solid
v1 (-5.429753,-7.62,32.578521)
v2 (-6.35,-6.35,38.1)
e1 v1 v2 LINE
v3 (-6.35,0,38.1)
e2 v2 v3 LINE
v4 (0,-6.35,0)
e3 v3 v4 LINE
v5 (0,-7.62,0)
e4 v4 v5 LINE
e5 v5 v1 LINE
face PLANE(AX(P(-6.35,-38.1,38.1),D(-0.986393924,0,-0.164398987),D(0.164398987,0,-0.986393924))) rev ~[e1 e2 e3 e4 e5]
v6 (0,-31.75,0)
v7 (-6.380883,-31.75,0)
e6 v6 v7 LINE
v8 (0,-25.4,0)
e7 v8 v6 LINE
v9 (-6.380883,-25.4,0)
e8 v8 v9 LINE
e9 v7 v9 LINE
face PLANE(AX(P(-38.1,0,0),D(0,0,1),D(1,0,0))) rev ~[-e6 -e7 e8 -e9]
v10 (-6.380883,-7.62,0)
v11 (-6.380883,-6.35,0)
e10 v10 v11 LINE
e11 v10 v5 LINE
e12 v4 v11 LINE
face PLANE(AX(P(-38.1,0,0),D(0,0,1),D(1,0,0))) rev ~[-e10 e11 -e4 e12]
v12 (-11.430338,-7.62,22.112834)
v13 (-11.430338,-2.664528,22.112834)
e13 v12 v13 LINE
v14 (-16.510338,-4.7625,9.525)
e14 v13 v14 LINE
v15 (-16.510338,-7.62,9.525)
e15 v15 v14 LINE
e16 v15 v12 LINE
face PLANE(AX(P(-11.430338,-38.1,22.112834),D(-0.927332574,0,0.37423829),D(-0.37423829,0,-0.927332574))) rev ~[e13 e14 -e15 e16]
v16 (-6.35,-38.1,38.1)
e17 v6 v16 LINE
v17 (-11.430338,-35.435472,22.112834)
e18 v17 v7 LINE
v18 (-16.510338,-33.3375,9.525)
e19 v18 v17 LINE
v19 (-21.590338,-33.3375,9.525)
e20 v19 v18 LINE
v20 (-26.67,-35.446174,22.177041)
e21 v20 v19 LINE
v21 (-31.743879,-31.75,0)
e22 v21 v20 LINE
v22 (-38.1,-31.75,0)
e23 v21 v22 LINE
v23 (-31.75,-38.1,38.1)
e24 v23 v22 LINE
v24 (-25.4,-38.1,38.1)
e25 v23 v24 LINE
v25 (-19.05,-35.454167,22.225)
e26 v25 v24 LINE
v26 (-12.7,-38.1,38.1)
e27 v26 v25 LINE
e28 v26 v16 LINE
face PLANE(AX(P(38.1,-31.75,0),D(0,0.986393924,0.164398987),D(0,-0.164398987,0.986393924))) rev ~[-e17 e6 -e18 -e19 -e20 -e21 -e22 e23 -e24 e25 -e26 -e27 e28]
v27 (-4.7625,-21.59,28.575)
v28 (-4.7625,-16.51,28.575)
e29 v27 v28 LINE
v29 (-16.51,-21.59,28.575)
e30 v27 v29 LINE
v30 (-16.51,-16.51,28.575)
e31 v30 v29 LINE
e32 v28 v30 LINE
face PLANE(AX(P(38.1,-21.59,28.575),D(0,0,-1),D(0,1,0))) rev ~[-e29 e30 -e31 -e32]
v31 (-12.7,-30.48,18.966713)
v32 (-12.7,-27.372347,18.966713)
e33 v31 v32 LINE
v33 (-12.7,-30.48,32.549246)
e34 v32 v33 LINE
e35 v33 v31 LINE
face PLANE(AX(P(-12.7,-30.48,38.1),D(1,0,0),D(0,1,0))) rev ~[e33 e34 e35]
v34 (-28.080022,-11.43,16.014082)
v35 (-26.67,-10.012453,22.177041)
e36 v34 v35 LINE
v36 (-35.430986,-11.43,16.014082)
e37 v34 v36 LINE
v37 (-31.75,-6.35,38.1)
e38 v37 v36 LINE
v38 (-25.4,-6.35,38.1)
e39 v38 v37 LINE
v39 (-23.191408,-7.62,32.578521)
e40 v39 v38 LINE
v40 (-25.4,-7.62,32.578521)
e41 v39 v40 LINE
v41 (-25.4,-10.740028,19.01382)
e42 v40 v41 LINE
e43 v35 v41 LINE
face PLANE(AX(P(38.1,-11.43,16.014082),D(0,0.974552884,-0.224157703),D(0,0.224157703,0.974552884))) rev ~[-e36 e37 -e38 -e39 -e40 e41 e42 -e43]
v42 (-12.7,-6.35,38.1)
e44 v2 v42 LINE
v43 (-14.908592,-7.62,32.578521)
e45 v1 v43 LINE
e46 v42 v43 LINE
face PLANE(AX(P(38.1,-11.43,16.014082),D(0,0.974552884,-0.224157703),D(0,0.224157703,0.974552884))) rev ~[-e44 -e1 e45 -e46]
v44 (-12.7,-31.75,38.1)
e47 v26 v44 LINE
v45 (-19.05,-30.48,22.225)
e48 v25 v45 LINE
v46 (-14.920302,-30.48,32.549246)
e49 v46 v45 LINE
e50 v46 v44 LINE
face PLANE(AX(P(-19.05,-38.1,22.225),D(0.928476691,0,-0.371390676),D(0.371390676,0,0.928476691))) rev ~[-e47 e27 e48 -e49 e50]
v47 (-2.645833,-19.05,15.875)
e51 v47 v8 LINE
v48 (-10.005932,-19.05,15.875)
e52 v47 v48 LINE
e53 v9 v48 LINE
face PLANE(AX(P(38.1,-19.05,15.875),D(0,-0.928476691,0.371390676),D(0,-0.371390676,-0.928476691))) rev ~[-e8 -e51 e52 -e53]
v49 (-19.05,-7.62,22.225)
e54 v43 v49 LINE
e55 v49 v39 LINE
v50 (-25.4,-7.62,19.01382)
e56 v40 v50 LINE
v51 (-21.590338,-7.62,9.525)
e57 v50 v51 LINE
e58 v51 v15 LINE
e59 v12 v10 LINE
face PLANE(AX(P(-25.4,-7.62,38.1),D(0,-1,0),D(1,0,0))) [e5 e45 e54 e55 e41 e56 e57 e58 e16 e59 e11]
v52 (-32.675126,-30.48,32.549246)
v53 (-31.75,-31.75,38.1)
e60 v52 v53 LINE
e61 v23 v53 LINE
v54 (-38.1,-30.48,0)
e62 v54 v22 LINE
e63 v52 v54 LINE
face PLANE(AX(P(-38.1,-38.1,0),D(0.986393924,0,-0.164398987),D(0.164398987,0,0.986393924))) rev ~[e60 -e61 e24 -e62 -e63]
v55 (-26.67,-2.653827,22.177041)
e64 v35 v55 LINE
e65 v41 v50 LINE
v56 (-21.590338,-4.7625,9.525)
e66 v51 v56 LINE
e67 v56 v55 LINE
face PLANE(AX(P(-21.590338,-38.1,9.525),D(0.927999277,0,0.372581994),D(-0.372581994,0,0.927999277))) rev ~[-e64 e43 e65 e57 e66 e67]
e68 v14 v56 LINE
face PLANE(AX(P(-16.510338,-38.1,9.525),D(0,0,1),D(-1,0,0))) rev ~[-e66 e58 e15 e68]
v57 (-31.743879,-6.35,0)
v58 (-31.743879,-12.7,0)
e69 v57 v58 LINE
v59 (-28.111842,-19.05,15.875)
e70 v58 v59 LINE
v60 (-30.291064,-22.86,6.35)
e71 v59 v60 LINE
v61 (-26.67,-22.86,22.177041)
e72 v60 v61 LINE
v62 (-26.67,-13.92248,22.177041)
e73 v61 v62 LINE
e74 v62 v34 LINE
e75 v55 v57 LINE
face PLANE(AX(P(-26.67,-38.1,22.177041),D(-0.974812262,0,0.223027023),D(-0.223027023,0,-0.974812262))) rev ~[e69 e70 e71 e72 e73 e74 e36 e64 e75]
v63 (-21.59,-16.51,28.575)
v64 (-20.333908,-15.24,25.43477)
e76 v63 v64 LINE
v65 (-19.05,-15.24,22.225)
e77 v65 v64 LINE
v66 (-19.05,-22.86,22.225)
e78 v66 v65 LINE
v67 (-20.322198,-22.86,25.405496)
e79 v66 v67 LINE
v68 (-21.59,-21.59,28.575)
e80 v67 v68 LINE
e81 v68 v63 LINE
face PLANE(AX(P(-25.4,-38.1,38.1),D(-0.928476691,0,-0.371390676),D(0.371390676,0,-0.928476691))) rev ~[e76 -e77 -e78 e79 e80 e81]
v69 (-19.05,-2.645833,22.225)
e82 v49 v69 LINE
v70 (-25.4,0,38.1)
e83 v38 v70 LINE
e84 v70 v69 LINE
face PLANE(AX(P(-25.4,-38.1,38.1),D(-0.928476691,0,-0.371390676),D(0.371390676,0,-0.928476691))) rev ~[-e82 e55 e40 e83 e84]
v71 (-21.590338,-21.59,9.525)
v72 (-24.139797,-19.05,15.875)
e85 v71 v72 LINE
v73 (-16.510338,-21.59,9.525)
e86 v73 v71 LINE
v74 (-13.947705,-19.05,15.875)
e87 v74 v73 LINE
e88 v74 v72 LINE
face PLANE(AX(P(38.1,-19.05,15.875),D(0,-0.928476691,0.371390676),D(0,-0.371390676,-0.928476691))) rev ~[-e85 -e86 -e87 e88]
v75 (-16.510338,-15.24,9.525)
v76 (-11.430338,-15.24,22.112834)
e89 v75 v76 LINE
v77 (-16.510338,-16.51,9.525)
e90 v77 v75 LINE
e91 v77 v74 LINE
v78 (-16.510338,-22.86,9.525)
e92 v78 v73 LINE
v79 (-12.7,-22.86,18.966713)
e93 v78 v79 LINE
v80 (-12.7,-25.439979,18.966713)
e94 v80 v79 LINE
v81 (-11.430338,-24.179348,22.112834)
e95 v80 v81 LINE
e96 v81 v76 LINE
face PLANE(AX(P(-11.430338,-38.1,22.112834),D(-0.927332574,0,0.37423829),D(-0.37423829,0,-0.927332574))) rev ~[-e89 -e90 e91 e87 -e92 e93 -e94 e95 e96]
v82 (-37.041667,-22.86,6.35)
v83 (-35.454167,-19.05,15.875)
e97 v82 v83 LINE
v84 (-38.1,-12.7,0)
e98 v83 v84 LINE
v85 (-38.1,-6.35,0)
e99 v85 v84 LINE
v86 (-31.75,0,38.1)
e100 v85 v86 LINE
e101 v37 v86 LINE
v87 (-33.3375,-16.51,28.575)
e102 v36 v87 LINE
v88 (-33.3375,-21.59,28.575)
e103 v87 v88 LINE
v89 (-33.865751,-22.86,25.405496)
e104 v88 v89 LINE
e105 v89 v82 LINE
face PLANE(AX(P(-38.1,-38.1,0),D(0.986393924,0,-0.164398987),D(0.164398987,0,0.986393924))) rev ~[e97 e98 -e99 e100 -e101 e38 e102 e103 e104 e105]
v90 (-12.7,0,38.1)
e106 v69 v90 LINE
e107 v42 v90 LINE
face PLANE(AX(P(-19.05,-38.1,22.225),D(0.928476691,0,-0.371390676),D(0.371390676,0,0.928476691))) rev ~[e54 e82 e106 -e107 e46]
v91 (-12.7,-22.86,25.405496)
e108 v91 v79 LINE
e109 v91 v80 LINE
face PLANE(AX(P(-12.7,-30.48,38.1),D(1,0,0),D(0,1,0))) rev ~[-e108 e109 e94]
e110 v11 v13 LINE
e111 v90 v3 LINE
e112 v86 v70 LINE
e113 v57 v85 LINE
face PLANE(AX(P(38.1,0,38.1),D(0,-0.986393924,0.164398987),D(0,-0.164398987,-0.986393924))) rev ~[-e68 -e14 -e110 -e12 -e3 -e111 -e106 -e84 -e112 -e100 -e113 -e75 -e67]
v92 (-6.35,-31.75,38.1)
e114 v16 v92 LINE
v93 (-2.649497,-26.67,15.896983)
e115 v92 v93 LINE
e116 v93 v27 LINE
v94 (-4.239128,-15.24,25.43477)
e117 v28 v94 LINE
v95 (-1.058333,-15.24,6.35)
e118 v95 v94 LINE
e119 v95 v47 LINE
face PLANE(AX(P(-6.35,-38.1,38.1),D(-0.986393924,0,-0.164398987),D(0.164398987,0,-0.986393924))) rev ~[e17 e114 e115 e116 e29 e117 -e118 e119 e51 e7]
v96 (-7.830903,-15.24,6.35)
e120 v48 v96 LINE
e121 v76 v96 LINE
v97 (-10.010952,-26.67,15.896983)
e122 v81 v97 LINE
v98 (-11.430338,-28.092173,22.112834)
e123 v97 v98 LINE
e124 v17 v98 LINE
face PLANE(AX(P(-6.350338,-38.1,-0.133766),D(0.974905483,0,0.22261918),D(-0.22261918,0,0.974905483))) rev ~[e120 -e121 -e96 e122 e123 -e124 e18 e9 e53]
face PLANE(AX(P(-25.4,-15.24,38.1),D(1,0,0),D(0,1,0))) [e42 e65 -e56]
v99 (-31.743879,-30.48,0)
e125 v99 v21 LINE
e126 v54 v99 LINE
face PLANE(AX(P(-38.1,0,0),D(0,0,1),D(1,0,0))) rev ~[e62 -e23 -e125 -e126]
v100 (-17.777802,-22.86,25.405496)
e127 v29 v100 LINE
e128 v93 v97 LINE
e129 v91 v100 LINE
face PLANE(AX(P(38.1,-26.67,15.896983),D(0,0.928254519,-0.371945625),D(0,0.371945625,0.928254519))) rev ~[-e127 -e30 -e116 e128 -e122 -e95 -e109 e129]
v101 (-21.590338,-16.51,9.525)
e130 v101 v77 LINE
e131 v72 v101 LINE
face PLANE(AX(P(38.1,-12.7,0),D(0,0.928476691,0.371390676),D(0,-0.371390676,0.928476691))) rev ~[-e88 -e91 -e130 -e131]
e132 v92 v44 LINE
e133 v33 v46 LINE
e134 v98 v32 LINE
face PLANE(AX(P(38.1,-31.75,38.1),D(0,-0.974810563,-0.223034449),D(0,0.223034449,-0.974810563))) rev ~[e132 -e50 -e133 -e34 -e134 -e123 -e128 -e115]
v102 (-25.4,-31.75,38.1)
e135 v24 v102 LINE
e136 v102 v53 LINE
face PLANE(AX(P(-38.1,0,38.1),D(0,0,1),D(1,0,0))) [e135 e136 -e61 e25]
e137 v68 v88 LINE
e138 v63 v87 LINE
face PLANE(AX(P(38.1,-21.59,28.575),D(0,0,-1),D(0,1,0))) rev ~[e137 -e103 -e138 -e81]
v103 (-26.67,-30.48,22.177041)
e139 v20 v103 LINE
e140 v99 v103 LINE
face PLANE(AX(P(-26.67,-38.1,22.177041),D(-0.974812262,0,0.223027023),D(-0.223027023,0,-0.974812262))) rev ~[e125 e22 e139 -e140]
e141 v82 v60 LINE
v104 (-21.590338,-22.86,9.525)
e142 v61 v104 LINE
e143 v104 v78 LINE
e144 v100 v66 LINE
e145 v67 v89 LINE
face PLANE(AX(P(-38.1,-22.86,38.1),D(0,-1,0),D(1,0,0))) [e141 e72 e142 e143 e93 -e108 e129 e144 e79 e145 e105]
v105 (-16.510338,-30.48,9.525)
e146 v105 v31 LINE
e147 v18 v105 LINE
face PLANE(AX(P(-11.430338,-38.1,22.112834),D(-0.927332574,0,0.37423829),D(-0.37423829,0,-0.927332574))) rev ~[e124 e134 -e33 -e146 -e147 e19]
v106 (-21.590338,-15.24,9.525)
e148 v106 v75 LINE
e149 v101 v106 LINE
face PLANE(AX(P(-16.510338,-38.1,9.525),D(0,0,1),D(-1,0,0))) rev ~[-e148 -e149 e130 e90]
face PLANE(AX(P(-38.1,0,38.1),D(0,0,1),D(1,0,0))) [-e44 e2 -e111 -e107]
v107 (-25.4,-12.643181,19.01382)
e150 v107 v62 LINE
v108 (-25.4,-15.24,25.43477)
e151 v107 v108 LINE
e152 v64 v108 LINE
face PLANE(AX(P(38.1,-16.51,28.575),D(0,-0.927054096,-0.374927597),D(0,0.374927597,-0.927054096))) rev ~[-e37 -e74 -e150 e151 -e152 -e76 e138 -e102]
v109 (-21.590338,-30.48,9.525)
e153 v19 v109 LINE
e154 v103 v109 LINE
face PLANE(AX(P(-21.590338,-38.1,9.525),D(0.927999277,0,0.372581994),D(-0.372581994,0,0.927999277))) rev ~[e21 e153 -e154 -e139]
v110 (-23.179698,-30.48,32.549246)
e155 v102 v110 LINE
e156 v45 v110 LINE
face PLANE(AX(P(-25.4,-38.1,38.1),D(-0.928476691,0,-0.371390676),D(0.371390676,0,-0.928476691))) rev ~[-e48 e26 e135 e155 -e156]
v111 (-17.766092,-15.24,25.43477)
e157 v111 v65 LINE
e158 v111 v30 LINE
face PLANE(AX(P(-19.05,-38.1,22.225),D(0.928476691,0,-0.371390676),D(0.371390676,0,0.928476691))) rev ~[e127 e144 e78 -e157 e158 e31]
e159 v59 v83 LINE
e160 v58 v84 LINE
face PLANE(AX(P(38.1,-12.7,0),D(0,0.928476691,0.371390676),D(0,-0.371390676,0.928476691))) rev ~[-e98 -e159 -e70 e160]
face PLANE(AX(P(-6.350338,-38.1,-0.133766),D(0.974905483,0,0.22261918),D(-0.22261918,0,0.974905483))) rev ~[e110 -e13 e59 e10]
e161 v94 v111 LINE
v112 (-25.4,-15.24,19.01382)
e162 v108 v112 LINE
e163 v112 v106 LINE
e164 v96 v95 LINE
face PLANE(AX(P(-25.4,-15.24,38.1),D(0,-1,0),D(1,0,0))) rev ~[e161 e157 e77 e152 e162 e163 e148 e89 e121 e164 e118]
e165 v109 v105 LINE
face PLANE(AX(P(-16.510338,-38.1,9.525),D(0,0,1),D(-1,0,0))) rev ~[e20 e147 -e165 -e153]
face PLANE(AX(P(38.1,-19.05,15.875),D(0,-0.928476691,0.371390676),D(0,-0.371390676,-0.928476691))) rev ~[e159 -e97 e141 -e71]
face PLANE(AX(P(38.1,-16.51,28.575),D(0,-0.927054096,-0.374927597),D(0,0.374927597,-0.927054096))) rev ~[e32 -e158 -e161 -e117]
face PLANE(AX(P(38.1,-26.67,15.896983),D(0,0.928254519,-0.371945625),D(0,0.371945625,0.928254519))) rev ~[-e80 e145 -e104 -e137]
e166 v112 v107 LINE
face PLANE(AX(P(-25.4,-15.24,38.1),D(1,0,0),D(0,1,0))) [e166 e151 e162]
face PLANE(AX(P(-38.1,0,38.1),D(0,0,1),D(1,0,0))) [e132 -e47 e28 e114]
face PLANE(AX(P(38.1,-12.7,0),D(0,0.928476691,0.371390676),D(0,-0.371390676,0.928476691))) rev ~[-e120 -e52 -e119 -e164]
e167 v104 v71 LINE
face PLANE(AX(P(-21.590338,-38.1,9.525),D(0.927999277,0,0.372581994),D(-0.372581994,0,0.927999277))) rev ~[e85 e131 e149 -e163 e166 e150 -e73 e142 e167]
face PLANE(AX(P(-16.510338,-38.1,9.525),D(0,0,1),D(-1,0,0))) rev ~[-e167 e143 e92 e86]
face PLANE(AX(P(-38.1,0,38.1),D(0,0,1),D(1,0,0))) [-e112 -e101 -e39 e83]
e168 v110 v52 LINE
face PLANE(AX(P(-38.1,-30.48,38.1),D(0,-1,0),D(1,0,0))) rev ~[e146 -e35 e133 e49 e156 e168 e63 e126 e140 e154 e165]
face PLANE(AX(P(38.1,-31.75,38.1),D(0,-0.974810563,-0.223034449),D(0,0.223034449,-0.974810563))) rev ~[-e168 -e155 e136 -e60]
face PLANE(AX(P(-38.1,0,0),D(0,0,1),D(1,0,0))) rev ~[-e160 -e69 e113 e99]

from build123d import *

# Parameters (mm, degrees)
F0_W      = 38.1
F0_H      = 38.1
F1_DEPTH  = 38.1
F6_DEPTH  = 76.2
F8_DEPTH  = 38.1
F9_W      = 25.4
F9_H      = 7.62
F10_DEPTH = 38.1


with BuildPart() as f1:
    # F0 (on Front) → F1 (new body)
    with BuildSketch(Plane.XZ):
        with Locations((-19.05, 19.05)):
            Rectangle(F0_W, F0_H)
    extrude(amount=F1_DEPTH)

    # F5 (on offset) → F6 (cut)
    with BuildSketch(Plane.YZ.offset(38.1)):
        Polygon((-31.75, 0), (-38.1, 38.1), (-38.1, 0), align=None)
        Polygon((-11.43, 16.014082), (-6.35, 38.1), (-31.75, 38.1), (-26.67, 15.896983), (-21.59, 28.575), (-16.51, 28.575), align=None)
        Polygon((-25.4, 0), (-12.7, 0), (-19.05, 15.875), align=None)
        Polygon((-6.35, 0), (0, 0), (0, 38.1), align=None)
    extrude(amount=-F6_DEPTH, mode=Mode.SUBTRACT)

    # F7 (on offset) → F8 (cut)
    with BuildSketch(Plane.XZ.offset(38.1)):
        Polygon((-31.75, 38.1), (-38.1, 38.1), (-38.1, 0), align=None)
        Polygon((-12.7, 38.1), (-25.4, 38.1), (-19.05, 22.225), align=None)
        Polygon((0, 38.1), (-6.35, 38.1), (0, 0), align=None)
        Polygon((-26.67, 22.177041), (-31.75, -0.026754), (-6.350338, -0.133766), (-11.430338, 22.112834), (-16.510338, 9.525), (-21.590338, 9.525), align=None)
    extrude(amount=-F8_DEPTH, mode=Mode.SUBTRACT)

    # F9 (on offset) → F10 (cut)
    with BuildSketch(Plane.XY.offset(38.1)):
        with Locations((-12.7, -11.43)):
            Rectangle(F9_W, F9_H)
        with Locations((-25.4, -26.67)):
            Rectangle(F9_W, F9_H)
    extrude(amount=-F10_DEPTH, mode=Mode.SUBTRACT)


solid = f1.part
